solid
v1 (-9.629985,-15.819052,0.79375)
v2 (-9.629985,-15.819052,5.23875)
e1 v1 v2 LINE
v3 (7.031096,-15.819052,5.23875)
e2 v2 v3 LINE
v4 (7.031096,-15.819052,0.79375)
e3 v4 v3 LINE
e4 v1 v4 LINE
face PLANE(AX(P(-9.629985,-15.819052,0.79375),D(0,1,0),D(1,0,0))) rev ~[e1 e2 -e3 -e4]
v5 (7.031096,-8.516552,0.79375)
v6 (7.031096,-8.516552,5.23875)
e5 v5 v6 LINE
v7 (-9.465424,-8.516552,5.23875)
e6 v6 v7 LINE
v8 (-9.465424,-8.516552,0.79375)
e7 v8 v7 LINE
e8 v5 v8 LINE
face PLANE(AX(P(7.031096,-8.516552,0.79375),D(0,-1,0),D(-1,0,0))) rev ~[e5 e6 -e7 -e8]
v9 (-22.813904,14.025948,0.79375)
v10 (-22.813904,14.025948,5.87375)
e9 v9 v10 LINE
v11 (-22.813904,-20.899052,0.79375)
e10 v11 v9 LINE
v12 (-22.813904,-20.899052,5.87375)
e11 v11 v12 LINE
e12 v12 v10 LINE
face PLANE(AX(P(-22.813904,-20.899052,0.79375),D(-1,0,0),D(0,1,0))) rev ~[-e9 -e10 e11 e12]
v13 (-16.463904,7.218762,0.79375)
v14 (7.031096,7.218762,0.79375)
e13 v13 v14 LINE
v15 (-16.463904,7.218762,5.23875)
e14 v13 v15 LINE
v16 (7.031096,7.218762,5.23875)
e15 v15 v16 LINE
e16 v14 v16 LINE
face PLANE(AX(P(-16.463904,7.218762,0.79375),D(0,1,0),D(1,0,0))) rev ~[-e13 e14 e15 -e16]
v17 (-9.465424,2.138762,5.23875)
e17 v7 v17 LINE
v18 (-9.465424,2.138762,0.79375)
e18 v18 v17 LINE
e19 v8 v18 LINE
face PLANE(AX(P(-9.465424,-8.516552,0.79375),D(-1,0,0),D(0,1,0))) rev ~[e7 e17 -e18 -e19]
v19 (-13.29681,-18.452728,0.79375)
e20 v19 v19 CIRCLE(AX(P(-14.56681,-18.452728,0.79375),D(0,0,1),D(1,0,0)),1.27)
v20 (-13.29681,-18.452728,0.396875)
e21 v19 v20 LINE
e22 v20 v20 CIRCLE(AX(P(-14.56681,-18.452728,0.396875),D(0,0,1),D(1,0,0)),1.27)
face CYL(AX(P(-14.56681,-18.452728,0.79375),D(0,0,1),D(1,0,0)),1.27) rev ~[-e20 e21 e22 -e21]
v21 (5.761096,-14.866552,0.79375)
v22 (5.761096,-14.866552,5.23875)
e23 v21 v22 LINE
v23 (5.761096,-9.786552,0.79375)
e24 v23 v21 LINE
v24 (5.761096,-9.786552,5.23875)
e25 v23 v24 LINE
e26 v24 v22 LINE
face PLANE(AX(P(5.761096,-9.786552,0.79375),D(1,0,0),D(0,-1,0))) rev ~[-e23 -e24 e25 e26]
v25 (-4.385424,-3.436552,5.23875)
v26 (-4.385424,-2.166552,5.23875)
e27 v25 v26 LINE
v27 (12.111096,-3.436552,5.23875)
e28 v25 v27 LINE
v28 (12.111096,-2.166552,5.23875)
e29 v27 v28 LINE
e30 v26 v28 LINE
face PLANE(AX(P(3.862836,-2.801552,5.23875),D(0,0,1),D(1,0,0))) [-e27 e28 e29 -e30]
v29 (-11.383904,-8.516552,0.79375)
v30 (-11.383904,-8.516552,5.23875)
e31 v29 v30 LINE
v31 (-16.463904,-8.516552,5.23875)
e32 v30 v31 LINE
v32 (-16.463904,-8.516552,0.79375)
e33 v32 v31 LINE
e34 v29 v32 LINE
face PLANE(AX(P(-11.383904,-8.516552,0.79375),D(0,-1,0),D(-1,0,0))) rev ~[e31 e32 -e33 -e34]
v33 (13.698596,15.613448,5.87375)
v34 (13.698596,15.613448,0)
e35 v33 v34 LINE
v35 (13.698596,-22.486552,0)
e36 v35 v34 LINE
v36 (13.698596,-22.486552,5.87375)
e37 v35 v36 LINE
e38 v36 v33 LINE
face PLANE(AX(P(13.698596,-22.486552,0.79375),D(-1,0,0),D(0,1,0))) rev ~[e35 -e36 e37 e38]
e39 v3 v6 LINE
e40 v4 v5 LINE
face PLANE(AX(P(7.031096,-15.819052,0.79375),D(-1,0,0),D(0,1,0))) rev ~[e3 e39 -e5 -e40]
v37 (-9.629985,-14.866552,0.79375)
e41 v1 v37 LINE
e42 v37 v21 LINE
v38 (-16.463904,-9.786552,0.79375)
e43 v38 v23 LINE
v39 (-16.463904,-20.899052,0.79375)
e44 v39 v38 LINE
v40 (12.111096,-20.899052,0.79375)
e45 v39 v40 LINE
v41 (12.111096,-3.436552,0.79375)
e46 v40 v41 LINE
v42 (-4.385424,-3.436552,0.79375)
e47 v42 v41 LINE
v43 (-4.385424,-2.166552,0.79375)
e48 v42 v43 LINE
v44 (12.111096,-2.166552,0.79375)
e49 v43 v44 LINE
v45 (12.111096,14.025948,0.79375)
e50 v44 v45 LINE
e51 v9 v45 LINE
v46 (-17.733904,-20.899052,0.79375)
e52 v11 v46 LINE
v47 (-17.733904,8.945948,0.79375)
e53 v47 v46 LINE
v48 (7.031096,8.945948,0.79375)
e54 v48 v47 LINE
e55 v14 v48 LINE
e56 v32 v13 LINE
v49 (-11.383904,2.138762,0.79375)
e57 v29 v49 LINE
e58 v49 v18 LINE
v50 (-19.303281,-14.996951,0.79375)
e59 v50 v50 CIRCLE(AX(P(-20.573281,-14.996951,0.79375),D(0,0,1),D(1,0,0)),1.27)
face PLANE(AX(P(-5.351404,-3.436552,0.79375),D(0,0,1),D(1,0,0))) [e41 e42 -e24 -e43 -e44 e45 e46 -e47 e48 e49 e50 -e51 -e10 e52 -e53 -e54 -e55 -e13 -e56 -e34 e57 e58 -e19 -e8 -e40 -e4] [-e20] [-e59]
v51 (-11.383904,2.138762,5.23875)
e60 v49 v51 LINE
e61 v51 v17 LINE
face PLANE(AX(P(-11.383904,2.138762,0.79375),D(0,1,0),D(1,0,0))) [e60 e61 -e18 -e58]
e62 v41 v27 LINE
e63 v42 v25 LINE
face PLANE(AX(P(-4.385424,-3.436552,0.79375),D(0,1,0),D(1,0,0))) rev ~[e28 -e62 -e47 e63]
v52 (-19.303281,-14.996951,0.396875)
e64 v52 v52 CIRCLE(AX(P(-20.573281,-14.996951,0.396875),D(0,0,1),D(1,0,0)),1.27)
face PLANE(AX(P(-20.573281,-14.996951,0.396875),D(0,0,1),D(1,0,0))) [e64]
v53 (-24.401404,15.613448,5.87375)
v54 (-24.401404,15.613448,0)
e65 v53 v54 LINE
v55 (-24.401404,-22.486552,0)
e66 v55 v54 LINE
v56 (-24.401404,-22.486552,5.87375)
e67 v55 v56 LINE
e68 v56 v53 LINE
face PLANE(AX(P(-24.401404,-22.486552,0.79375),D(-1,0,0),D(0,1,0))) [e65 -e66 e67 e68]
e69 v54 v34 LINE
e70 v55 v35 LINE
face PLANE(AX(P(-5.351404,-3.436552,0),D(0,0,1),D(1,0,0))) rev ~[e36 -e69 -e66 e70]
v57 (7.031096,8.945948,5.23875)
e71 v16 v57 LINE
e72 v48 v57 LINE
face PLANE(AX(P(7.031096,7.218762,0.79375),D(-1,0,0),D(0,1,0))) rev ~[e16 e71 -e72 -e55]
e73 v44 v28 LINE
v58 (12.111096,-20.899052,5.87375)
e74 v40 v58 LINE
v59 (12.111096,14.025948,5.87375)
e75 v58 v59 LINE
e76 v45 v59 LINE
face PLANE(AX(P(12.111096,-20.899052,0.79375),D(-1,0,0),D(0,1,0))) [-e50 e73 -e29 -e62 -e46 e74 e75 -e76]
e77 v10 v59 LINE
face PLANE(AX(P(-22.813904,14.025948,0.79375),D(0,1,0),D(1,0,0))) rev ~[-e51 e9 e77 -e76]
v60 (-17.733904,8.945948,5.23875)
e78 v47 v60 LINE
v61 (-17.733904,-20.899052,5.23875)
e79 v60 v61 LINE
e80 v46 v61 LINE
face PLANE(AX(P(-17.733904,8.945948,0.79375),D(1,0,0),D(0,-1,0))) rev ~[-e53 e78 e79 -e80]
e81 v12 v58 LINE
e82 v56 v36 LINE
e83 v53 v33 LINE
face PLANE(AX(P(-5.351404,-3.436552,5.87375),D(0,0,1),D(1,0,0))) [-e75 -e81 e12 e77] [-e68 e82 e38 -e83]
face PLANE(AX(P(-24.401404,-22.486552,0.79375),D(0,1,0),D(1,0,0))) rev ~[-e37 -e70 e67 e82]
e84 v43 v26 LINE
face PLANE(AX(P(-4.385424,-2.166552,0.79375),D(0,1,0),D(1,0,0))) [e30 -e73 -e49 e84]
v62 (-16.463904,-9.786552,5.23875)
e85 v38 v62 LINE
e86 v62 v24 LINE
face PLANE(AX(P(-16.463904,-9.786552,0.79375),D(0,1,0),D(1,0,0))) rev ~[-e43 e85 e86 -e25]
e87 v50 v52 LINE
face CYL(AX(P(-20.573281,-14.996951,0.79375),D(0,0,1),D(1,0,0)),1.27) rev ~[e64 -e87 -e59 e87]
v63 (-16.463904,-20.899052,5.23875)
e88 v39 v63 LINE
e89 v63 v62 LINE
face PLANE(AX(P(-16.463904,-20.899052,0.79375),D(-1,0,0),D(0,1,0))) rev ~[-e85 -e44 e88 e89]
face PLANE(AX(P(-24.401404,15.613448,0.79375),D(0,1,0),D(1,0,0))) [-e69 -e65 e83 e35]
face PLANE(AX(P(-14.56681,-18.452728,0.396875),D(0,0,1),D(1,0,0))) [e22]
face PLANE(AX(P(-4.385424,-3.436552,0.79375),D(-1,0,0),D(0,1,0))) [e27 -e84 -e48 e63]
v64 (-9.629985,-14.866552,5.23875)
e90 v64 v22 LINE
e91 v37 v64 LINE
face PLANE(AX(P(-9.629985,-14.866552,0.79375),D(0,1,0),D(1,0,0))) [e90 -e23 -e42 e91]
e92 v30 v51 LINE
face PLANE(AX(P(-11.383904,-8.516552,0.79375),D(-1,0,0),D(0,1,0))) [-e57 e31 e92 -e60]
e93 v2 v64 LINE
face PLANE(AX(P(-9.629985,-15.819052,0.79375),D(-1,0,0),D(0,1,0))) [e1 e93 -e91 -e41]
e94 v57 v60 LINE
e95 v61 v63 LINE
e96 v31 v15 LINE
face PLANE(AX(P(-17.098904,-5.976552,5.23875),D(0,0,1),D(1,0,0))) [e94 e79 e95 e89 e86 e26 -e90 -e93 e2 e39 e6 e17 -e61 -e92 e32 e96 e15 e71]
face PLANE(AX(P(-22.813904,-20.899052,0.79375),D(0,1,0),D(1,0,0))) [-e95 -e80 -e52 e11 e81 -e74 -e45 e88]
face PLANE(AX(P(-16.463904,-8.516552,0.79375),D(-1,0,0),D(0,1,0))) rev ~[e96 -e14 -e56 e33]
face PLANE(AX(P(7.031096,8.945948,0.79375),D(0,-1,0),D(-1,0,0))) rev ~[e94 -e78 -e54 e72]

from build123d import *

# Parameters (mm, degrees)
F0_W     = 38.1
F0_H     = 38.1
F1_DEPTH = 0.79375
F2_W     = 38.1
F2_H     = 38.1
F2_W_2   = 34.925
F2_H_2   = 34.925
F3_DEPTH = 5.08
F4_W     = 23.495
F4_H     = 1.7271855524
F4_W_2   = 1.9184793842
F4_H_2   = 10.6553144476
F4_W_3   = 16.4965206158
F4_H_3   = 1.27
F4_W_4   = 15.3910815895
F4_H_4   = 0.9525
F5_DEPTH = 4.445
F4_R     = 1.27
F6_DEPTH = 0.396875


with BuildPart() as f1:
    # F0 (on Top) → F1 (new body)
    with BuildSketch(Plane.XY):
        with Locations((-5.3514037281, -3.4365521467)):
            Rectangle(F0_W, F0_H)
    extrude(amount=F1_DEPTH)

    # F2 (on face) → F3 (join)
    with BuildSketch(Plane.XY.offset(0.79375)):
        with Locations((-5.3514037281, -3.4365521467)):
            Rectangle(F2_W, F2_H)
        with Locations((-5.3514037281, -3.4365521467)):
            Rectangle(F2_W_2, F2_H_2, mode=Mode.SUBTRACT)
    extrude(amount=F3_DEPTH)

    # F4 (on face) → F5 (join)
    with BuildSketch(Plane.XY.offset(0.79375)):
        Polygon((-17.7339037281, 8.9459478533), (-17.7339037281, -20.8990521467), (-16.4639037281, -20.8990521467), (-16.4639037281, -9.7865521467), (-16.4639037281, -8.5165521467), (-16.4639037281, 7.2187623009), (-16.4639037281, 8.9459478533), align=None)
        with Locations((-4.7164037281, 8.0823550771)):
            Rectangle(F4_W, F4_H)
        with Locations((-10.424664036, -3.1888949229)):
            Rectangle(F4_W_2, F4_H_2)
        Polygon((-16.4639037281, -8.5165521467), (-16.4639037281, -9.7865521467), (-9.4654243439, -9.7865521467), (-9.4654243439, -8.5165521467), (-11.3839037281, -8.5165521467), align=None)
        Polygon((-9.4654243439, -8.5165521467), (-9.4654243439, -9.7865521467), (5.7610962719, -9.7865521467), (7.0310962719, -9.7865521467), (7.0310962719, -8.5165521467), align=None)
        with Locations((3.862835964, -2.8015521467)):
            Rectangle(F4_W_3, F4_H_3)
        Polygon((7.0310962719, -9.7865521467), (5.7610962719, -9.7865521467), (5.7610962719, -14.8665521467), (5.7610962719, -15.8190521467), (7.0310962719, -15.8190521467), align=None)
        with Locations((-1.9344445229, -15.3428021467)):
            Rectangle(F4_W_4, F4_H_4)
    extrude(amount=F5_DEPTH)

    # F4 (on face) → F6 (cut)
    with BuildSketch(Plane.XY.offset(0.79375)):
        with Locations((-20.5732807517, -14.9969505146)):
            Circle(F4_R)
        with Locations((-14.5668098703, -18.4527281672)):
            Circle(F4_R)
    extrude(amount=-F6_DEPTH, mode=Mode.SUBTRACT)


solid = f1.part
